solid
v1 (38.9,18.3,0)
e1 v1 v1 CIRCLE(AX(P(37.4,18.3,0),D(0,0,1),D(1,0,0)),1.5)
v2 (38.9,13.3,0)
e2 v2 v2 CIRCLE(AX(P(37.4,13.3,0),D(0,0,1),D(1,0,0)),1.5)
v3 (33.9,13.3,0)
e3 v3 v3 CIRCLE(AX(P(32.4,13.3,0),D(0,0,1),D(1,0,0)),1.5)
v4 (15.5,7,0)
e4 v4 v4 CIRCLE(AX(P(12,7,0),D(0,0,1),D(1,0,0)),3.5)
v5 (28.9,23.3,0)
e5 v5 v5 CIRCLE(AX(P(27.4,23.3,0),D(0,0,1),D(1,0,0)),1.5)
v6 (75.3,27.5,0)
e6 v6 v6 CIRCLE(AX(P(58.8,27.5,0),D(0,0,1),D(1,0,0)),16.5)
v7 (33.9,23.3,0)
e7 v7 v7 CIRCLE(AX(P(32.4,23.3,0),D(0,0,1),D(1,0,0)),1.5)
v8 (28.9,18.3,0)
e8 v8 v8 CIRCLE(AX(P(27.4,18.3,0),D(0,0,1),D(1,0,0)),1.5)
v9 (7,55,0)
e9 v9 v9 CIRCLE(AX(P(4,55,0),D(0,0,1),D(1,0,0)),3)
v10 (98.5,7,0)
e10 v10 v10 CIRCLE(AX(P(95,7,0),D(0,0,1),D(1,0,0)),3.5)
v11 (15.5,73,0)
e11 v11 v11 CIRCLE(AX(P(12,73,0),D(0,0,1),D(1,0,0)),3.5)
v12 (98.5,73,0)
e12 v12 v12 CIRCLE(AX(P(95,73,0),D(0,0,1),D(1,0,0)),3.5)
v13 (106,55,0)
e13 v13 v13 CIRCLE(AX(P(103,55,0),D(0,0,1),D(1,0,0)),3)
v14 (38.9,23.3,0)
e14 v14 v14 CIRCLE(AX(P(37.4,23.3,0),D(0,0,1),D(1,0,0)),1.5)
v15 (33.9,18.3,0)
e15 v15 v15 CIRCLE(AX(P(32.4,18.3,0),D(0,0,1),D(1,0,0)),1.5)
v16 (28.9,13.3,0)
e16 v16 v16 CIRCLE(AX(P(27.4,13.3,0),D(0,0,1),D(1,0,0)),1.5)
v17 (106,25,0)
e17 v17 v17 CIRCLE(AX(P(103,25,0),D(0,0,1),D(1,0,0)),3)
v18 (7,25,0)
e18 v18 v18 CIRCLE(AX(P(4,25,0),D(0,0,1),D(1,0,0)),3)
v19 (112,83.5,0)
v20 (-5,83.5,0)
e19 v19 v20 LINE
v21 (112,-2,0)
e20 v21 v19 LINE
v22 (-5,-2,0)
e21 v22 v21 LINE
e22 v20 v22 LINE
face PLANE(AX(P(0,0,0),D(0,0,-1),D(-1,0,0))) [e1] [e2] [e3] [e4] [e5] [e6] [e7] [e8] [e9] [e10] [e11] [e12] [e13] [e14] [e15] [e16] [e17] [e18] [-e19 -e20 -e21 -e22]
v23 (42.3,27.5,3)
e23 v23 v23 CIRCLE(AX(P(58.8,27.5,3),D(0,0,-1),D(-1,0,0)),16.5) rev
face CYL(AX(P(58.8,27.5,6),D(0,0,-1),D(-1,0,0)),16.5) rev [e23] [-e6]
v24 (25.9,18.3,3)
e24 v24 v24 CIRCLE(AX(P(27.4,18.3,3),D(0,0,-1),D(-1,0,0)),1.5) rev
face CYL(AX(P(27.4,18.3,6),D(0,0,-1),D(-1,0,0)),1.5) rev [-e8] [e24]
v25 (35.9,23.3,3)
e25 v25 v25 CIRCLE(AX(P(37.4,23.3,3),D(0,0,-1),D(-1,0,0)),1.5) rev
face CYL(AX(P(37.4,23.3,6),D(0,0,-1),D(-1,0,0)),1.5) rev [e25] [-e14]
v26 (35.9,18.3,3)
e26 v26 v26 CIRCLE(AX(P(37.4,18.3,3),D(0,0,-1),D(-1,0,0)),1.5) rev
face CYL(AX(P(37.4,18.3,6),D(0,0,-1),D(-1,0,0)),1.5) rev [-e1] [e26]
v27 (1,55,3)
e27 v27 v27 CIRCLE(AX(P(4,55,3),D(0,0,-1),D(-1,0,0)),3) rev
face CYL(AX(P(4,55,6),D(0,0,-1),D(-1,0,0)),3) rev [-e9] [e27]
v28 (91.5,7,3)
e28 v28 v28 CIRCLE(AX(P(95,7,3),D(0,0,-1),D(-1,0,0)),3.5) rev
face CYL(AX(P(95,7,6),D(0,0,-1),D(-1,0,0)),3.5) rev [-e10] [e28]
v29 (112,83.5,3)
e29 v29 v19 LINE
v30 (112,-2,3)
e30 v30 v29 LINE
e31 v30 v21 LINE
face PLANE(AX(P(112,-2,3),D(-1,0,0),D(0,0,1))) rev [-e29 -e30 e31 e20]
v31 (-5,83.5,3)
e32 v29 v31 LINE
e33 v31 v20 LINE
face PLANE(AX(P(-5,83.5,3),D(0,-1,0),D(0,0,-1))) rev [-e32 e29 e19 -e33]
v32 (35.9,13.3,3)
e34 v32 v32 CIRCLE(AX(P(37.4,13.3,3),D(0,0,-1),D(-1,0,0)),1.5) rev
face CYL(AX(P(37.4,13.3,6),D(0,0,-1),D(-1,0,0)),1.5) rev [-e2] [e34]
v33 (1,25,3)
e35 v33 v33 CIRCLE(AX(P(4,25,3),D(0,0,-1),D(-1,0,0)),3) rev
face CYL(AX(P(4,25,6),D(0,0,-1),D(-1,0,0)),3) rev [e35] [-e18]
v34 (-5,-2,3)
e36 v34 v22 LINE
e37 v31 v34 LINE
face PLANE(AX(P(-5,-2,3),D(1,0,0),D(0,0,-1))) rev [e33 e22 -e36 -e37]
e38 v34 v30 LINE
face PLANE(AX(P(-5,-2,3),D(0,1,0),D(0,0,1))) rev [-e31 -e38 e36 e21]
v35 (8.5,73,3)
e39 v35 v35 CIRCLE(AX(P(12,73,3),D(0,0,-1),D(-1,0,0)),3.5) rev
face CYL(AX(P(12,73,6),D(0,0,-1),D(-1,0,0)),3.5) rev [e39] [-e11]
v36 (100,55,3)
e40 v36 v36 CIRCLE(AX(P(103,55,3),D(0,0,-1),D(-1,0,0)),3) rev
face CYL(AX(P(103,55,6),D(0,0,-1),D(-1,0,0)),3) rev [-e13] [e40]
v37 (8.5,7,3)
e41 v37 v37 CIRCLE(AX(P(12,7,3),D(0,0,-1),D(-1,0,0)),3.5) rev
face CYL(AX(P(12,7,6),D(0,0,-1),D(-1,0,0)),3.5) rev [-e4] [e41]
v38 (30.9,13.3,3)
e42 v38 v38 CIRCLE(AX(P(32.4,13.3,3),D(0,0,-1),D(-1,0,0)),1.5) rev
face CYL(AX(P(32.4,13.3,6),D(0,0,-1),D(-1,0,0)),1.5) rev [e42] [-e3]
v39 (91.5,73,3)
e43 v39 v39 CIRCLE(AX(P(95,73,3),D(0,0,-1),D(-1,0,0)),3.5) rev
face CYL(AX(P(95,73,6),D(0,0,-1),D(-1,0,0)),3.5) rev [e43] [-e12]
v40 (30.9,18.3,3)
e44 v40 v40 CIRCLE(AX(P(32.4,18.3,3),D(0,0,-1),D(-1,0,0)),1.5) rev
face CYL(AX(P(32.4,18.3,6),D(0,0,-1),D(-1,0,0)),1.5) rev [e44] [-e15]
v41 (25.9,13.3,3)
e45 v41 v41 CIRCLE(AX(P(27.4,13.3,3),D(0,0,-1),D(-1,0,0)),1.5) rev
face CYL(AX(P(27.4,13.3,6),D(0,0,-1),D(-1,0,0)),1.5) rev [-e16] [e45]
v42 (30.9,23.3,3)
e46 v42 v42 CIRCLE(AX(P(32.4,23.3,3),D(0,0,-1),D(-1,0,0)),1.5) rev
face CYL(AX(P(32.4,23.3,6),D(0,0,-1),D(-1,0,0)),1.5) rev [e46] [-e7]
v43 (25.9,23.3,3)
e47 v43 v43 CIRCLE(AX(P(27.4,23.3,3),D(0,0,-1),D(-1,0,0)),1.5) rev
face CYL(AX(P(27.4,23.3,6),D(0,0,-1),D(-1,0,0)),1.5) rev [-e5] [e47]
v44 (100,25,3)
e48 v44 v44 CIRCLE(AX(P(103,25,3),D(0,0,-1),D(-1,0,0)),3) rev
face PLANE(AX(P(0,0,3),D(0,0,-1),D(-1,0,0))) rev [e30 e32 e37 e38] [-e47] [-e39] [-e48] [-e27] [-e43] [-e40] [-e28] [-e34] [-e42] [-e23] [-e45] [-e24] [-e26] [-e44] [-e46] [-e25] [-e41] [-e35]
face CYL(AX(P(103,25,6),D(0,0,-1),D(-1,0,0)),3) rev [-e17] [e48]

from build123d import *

# Parameters (mm, degrees)
SKETCH_1_W                                     = 117
SKETCH_1_H                                     = 84
BOTTOM_LOWER_BASE_PLATE_3MM_DEPTH              = 3
SKETCH_3_R                                     = 3.5
BOTTOM_LOWER_SCREW_6MM_THROUGH_DEPTH           = 3
SKETCH_5_R                                     = 16.5
BOTTOM_LOWER_BATTERY_CLEARANCE_33MM_DEPTH      = 3
SKETCH_9_R                                     = 1.5
BOTTOM_LOWER_BUZZER_SOUND_HOLES_3MM_DEPTH      = 3
SKETCH_10_R                                    = 3
BOTTOM_LOWER_CENTER_RAIL_SCREW_HEADS_6MM_DEPTH = 6
SKETCH_11_W                                    = 117
SKETCH_11_H                                    = 1.5
BOTTOM_LOWER_REAR_EXTENSION_1P5MM_DEPTH        = 3


with BuildPart() as part:
    # Эскиз1 → bottom_lower_base_plate_3mm (new body)
    with BuildSketch(Plane.XY):
        with Locations((53.5, 40)):
            Rectangle(SKETCH_1_W, SKETCH_1_H)
    extrude(amount=BOTTOM_LOWER_BASE_PLATE_3MM_DEPTH)

    # Эскиз3 → bottom_lower_screw_6mm_through (cut)
    with BuildSketch(Plane.XY):
        with Locations(Location((12, 7, 0), (0, 0, 180))):
            Circle(SKETCH_3_R)
        with Locations(Location((95, 7, 0), (0, 0, 180))):
            Circle(SKETCH_3_R)
        with Locations(Location((12, 73, 0), (0, 0, 180))):
            Circle(SKETCH_3_R)
        with Locations(Location((95, 73, 0), (0, 0, 180))):
            Circle(SKETCH_3_R)
    extrude(amount=BOTTOM_LOWER_SCREW_6MM_THROUGH_DEPTH, mode=Mode.SUBTRACT)

    # Эскиз5 → bottom_lower_battery_clearance_33mm (cut)
    with BuildSketch(Plane(origin=(0, 8, 0), x_dir=(1, 0, 0), z_dir=(0, 0, 1))):
        with Locations(Location((58.8, 19.5, 0), (0, 0, 180))):
            Circle(SKETCH_5_R)
    extrude(amount=BOTTOM_LOWER_BATTERY_CLEARANCE_33MM_DEPTH, mode=Mode.SUBTRACT)

    # Эскиз9 → bottom_lower_buzzer_sound_holes_3mm (cut)
    with BuildSketch(Plane(origin=(0, 4, 0), x_dir=(1, 0, 0), z_dir=(0, 0, 1))):
        with Locations(Location((27.4, 9.3, 0), (0, 0, 180))):
            Circle(SKETCH_9_R)
        with Locations(Location((27.4, 14.3, 0), (0, 0, 180))):
            Circle(SKETCH_9_R)
        with Locations(Location((27.4, 19.3, 0), (0, 0, 180))):
            Circle(SKETCH_9_R)
        with Locations(Location((32.4, 9.3, 0), (0, 0, 180))):
            Circle(SKETCH_9_R)
        with Locations(Location((32.4, 14.3, 0), (0, 0, 180))):
            Circle(SKETCH_9_R)
        with Locations(Location((32.4, 19.3, 0), (0, 0, 180))):
            Circle(SKETCH_9_R)
        with Locations(Location((37.4, 9.3, 0), (0, 0, 180))):
            Circle(SKETCH_9_R)
        with Locations(Location((37.4, 14.3, 0), (0, 0, 180))):
            Circle(SKETCH_9_R)
        with Locations(Location((37.4, 19.3, 0), (0, 0, 180))):
            Circle(SKETCH_9_R)
    extrude(amount=BOTTOM_LOWER_BUZZER_SOUND_HOLES_3MM_DEPTH, mode=Mode.SUBTRACT)

    # Эскиз10 → bottom_lower_center_rail_screw_heads_6mm (cut)
    with BuildSketch(Plane.XY):
        with Locations(Location((4, 25, 0), (0, 0, 180))):
            Circle(SKETCH_10_R)
        with Locations(Location((4, 55, 0), (0, 0, 180))):
            Circle(SKETCH_10_R)
        with Locations(Location((103, 25, 0), (0, 0, 180))):
            Circle(SKETCH_10_R)
        with Locations(Location((103, 55, 0), (0, 0, 180))):
            Circle(SKETCH_10_R)
    extrude(amount=BOTTOM_LOWER_CENTER_RAIL_SCREW_HEADS_6MM_DEPTH, mode=Mode.SUBTRACT)

    # Эскиз11 → bottom_lower_rear_extension_1p5mm (add)
    with BuildSketch(Plane.XY):
        with Locations((53.5, 82.75)):
            Rectangle(SKETCH_11_W, SKETCH_11_H)
    extrude(amount=BOTTOM_LOWER_REAR_EXTENSION_1P5MM_DEPTH)


solid = part.part
